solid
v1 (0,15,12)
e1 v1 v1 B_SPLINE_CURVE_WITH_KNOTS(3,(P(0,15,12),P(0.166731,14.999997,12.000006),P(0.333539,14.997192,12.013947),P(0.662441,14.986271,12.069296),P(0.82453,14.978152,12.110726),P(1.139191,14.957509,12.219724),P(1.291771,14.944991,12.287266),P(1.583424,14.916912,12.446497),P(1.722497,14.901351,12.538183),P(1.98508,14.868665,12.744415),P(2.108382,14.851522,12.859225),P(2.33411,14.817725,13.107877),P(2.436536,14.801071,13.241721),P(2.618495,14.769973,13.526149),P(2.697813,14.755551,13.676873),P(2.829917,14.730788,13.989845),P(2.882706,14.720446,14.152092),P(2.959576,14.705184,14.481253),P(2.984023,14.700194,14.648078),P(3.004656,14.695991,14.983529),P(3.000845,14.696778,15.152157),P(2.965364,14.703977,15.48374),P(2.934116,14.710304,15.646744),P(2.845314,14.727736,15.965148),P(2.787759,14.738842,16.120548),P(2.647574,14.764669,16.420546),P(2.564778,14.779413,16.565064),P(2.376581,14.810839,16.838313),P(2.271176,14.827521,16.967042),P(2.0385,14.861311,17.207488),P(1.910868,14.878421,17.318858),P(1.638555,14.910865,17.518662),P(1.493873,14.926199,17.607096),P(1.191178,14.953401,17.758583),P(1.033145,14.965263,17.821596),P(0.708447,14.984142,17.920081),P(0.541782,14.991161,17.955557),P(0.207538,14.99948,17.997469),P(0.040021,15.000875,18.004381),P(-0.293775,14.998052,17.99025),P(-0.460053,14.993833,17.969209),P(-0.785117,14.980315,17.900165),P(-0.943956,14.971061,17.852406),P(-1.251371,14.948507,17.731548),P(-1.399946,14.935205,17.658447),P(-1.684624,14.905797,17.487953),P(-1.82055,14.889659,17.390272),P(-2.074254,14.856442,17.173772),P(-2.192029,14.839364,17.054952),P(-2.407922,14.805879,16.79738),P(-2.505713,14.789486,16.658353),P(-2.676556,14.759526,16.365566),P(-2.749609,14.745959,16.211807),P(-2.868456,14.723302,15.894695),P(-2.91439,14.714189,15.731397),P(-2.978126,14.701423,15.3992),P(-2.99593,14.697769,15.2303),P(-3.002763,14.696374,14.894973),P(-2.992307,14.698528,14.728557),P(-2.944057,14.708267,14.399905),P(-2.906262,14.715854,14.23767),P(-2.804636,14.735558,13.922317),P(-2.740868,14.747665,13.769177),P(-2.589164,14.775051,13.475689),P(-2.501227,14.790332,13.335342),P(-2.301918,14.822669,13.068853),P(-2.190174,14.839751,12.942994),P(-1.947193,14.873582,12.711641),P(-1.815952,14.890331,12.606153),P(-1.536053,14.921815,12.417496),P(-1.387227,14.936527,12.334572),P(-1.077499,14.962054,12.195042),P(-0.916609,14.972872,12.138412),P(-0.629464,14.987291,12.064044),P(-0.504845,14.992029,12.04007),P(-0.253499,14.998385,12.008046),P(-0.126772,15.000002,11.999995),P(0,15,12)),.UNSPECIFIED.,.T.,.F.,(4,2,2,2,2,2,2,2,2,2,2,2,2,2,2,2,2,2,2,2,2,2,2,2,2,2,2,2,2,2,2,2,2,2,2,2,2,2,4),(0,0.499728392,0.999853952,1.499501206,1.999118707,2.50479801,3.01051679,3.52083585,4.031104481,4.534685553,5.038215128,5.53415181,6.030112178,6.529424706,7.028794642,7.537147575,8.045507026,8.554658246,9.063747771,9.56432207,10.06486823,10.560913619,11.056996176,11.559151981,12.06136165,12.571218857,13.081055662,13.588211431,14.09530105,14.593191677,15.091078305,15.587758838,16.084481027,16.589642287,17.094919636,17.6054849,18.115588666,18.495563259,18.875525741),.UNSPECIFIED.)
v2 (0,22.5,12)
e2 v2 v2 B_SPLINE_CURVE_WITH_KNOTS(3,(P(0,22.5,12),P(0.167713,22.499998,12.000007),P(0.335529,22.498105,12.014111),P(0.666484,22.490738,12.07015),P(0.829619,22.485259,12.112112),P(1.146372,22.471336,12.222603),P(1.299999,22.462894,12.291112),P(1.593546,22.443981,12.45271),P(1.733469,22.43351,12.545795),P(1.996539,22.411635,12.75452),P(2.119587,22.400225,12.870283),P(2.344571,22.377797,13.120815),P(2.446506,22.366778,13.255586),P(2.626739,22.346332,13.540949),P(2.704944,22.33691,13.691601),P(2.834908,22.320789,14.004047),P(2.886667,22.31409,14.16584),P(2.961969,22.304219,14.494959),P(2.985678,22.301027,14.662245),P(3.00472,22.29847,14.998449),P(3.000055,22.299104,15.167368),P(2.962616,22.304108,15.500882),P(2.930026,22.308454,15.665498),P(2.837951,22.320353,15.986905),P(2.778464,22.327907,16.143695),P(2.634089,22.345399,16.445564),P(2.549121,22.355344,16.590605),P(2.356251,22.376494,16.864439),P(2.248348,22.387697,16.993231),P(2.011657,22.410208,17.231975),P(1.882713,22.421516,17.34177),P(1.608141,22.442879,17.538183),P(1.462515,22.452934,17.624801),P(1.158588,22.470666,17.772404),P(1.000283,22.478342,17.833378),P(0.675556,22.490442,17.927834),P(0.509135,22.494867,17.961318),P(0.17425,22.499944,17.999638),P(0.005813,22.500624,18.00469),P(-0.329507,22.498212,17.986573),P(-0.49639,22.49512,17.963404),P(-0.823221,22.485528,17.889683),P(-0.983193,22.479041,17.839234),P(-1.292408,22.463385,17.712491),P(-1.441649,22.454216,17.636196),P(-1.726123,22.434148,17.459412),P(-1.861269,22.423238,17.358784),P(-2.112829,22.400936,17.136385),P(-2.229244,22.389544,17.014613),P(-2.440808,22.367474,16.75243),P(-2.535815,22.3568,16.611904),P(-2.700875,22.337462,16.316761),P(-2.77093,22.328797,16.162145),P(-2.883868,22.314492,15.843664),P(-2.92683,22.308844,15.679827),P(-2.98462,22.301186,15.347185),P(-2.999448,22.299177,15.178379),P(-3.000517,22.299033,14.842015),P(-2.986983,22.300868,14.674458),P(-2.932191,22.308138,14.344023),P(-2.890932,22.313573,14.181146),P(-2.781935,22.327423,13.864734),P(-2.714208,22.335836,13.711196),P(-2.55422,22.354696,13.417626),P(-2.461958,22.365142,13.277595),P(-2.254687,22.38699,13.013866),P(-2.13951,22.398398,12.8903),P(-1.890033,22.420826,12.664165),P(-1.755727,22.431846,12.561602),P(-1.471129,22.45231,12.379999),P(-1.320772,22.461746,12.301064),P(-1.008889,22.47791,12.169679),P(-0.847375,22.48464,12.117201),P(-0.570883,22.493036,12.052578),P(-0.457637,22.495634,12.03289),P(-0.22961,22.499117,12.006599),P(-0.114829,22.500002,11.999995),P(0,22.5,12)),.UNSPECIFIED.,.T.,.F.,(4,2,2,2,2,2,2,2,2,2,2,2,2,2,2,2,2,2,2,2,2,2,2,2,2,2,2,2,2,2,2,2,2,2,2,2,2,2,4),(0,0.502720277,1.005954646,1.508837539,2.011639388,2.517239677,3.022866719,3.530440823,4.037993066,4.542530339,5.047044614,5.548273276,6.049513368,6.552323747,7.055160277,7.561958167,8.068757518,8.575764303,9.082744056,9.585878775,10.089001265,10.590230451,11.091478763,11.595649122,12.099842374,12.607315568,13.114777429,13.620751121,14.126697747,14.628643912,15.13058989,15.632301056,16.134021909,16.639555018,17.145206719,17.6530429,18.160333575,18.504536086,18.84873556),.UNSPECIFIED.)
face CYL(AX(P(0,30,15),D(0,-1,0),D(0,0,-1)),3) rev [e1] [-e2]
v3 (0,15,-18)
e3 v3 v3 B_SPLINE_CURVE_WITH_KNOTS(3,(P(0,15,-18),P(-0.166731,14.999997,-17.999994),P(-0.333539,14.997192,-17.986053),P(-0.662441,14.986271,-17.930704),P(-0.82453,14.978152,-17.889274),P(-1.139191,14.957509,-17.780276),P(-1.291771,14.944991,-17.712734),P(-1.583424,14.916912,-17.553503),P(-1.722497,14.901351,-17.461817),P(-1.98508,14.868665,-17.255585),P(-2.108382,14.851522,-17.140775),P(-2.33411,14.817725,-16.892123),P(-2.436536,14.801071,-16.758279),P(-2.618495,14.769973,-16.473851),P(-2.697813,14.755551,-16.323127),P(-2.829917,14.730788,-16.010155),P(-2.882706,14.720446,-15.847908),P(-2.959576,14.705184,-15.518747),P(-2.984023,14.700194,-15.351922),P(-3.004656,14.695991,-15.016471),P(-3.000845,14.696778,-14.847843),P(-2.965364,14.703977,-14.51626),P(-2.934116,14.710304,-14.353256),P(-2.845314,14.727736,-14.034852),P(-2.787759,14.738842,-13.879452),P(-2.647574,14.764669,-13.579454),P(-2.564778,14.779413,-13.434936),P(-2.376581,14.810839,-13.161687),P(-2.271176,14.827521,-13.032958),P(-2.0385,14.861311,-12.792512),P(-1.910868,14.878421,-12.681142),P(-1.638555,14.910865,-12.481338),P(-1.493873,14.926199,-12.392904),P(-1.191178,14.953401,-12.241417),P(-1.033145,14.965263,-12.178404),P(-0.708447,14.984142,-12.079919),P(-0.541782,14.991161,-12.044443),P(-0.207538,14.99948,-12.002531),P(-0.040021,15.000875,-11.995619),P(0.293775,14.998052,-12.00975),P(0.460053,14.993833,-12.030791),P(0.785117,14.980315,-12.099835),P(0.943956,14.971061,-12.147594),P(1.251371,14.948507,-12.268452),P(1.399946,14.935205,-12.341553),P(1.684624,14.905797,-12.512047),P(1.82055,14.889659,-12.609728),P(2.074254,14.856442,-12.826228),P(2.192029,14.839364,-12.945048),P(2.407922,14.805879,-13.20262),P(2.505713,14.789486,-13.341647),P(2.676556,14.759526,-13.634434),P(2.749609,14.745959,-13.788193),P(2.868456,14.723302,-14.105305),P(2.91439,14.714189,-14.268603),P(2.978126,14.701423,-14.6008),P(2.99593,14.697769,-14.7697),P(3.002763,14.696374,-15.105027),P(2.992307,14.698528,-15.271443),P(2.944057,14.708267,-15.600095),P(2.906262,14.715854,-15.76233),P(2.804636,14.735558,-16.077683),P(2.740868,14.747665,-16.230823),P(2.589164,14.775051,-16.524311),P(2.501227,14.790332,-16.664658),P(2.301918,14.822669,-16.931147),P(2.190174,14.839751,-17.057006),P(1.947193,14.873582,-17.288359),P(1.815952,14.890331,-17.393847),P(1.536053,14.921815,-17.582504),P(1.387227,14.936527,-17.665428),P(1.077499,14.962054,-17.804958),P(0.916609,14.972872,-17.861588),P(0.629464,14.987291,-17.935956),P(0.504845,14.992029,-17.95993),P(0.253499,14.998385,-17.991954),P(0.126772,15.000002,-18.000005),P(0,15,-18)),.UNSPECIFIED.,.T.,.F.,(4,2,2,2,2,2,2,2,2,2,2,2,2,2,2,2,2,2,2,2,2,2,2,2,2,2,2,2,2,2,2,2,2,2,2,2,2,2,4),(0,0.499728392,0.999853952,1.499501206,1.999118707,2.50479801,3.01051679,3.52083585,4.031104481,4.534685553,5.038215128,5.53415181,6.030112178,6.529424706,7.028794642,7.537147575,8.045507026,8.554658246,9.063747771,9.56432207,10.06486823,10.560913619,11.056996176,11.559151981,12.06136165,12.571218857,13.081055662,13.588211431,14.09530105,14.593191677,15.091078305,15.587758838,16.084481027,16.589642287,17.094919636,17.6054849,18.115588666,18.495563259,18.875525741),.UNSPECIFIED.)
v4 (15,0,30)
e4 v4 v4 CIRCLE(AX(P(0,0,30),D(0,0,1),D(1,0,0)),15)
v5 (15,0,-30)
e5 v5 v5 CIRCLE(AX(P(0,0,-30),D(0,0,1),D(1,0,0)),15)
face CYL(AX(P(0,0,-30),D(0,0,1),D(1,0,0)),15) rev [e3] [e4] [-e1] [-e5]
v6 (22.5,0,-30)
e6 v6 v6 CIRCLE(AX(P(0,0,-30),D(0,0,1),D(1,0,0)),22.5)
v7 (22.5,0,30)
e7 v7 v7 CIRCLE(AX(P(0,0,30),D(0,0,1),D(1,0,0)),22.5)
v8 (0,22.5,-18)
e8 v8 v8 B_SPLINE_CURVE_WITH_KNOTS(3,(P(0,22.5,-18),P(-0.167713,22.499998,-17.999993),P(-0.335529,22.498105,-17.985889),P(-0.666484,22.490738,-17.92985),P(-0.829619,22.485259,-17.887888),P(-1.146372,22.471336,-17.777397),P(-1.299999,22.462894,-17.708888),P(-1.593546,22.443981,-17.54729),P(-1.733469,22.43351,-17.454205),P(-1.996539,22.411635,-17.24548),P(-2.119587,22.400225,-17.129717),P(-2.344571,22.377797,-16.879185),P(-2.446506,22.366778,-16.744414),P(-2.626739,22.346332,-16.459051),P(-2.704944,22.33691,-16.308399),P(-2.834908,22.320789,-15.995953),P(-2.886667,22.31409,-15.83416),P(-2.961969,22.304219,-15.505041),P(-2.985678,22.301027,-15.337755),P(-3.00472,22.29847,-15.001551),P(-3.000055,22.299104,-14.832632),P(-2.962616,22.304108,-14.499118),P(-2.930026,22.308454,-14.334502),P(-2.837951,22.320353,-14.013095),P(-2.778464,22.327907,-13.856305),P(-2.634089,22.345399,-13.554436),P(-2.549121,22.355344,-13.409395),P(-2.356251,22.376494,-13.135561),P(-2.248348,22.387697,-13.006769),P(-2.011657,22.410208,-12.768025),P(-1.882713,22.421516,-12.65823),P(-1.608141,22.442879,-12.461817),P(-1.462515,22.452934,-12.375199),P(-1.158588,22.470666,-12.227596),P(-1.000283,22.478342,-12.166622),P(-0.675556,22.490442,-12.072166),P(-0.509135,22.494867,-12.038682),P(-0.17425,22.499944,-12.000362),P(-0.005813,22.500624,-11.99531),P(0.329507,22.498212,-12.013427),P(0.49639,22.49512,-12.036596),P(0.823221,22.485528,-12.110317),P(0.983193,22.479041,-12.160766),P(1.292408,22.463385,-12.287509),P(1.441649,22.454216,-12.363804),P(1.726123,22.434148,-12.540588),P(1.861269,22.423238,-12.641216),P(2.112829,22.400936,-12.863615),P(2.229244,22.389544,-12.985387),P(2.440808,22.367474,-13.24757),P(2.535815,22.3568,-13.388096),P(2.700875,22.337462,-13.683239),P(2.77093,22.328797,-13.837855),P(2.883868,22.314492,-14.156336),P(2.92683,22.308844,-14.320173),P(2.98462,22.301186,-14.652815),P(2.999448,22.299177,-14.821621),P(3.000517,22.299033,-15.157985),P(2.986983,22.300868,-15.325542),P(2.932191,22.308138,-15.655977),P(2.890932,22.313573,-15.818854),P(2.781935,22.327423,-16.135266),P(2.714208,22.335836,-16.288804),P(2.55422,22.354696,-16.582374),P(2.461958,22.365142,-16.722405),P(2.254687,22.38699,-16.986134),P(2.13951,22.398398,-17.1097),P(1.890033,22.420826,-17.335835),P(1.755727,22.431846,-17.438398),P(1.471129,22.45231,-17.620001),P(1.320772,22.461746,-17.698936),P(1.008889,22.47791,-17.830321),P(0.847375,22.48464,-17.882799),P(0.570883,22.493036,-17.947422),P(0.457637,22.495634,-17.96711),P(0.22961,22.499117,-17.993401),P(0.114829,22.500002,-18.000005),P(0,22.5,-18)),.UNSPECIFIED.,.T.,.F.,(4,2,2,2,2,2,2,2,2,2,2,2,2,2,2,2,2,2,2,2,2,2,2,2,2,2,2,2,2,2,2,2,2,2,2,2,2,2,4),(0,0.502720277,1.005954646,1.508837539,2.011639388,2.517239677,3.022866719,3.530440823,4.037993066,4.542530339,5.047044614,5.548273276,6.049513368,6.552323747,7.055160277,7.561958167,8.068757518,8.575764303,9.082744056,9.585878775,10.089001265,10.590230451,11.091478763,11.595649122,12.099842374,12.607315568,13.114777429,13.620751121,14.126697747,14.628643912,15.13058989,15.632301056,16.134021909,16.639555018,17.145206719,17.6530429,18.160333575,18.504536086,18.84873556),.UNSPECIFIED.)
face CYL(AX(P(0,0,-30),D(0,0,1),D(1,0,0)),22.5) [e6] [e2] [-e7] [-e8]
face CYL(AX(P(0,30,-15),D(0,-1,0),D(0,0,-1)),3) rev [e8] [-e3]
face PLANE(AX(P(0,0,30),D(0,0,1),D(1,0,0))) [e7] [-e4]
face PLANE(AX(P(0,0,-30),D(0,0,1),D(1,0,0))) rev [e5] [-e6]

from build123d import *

# Parameters (mm, degrees)
BOSS_EXTRUDE1_DEPTH      = 30
BOSS_EXTRUDE1_DEPTH_BACK = 30
SKETCH1_R                = 22.5
SKETCH1_R_2              = 15
SKETCH2_R                = 3
CUT_EXTRUDE1_DEPTH       = 30


with BuildPart() as part:
    # Sketch1 → Boss-Extrude1 (new, two sides: drawn at the far end of the back side and taken through both)
    with BuildSketch(Plane.XY.offset(-BOSS_EXTRUDE1_DEPTH_BACK)):
        Circle(SKETCH1_R)
        Circle(SKETCH1_R_2, mode=Mode.SUBTRACT)
    extrude(amount=BOSS_EXTRUDE1_DEPTH + BOSS_EXTRUDE1_DEPTH_BACK)

    # Sketch2 → Cut-Extrude1 (cut)
    with BuildSketch(Plane(origin=(0, 0, 0), x_dir=(1, 0, 0), z_dir=(0, 1, 0))):
        with Locations((0, -15)):
            Circle(SKETCH2_R)
    cut_extrude1 = extrude(amount=CUT_EXTRUDE1_DEPTH, mode=Mode.SUBTRACT)

    # Mirror1: Cut-Extrude1 across plane
    add(cut_extrude1.mirror(Plane.XY), mode=Mode.SUBTRACT)


solid = part.part
